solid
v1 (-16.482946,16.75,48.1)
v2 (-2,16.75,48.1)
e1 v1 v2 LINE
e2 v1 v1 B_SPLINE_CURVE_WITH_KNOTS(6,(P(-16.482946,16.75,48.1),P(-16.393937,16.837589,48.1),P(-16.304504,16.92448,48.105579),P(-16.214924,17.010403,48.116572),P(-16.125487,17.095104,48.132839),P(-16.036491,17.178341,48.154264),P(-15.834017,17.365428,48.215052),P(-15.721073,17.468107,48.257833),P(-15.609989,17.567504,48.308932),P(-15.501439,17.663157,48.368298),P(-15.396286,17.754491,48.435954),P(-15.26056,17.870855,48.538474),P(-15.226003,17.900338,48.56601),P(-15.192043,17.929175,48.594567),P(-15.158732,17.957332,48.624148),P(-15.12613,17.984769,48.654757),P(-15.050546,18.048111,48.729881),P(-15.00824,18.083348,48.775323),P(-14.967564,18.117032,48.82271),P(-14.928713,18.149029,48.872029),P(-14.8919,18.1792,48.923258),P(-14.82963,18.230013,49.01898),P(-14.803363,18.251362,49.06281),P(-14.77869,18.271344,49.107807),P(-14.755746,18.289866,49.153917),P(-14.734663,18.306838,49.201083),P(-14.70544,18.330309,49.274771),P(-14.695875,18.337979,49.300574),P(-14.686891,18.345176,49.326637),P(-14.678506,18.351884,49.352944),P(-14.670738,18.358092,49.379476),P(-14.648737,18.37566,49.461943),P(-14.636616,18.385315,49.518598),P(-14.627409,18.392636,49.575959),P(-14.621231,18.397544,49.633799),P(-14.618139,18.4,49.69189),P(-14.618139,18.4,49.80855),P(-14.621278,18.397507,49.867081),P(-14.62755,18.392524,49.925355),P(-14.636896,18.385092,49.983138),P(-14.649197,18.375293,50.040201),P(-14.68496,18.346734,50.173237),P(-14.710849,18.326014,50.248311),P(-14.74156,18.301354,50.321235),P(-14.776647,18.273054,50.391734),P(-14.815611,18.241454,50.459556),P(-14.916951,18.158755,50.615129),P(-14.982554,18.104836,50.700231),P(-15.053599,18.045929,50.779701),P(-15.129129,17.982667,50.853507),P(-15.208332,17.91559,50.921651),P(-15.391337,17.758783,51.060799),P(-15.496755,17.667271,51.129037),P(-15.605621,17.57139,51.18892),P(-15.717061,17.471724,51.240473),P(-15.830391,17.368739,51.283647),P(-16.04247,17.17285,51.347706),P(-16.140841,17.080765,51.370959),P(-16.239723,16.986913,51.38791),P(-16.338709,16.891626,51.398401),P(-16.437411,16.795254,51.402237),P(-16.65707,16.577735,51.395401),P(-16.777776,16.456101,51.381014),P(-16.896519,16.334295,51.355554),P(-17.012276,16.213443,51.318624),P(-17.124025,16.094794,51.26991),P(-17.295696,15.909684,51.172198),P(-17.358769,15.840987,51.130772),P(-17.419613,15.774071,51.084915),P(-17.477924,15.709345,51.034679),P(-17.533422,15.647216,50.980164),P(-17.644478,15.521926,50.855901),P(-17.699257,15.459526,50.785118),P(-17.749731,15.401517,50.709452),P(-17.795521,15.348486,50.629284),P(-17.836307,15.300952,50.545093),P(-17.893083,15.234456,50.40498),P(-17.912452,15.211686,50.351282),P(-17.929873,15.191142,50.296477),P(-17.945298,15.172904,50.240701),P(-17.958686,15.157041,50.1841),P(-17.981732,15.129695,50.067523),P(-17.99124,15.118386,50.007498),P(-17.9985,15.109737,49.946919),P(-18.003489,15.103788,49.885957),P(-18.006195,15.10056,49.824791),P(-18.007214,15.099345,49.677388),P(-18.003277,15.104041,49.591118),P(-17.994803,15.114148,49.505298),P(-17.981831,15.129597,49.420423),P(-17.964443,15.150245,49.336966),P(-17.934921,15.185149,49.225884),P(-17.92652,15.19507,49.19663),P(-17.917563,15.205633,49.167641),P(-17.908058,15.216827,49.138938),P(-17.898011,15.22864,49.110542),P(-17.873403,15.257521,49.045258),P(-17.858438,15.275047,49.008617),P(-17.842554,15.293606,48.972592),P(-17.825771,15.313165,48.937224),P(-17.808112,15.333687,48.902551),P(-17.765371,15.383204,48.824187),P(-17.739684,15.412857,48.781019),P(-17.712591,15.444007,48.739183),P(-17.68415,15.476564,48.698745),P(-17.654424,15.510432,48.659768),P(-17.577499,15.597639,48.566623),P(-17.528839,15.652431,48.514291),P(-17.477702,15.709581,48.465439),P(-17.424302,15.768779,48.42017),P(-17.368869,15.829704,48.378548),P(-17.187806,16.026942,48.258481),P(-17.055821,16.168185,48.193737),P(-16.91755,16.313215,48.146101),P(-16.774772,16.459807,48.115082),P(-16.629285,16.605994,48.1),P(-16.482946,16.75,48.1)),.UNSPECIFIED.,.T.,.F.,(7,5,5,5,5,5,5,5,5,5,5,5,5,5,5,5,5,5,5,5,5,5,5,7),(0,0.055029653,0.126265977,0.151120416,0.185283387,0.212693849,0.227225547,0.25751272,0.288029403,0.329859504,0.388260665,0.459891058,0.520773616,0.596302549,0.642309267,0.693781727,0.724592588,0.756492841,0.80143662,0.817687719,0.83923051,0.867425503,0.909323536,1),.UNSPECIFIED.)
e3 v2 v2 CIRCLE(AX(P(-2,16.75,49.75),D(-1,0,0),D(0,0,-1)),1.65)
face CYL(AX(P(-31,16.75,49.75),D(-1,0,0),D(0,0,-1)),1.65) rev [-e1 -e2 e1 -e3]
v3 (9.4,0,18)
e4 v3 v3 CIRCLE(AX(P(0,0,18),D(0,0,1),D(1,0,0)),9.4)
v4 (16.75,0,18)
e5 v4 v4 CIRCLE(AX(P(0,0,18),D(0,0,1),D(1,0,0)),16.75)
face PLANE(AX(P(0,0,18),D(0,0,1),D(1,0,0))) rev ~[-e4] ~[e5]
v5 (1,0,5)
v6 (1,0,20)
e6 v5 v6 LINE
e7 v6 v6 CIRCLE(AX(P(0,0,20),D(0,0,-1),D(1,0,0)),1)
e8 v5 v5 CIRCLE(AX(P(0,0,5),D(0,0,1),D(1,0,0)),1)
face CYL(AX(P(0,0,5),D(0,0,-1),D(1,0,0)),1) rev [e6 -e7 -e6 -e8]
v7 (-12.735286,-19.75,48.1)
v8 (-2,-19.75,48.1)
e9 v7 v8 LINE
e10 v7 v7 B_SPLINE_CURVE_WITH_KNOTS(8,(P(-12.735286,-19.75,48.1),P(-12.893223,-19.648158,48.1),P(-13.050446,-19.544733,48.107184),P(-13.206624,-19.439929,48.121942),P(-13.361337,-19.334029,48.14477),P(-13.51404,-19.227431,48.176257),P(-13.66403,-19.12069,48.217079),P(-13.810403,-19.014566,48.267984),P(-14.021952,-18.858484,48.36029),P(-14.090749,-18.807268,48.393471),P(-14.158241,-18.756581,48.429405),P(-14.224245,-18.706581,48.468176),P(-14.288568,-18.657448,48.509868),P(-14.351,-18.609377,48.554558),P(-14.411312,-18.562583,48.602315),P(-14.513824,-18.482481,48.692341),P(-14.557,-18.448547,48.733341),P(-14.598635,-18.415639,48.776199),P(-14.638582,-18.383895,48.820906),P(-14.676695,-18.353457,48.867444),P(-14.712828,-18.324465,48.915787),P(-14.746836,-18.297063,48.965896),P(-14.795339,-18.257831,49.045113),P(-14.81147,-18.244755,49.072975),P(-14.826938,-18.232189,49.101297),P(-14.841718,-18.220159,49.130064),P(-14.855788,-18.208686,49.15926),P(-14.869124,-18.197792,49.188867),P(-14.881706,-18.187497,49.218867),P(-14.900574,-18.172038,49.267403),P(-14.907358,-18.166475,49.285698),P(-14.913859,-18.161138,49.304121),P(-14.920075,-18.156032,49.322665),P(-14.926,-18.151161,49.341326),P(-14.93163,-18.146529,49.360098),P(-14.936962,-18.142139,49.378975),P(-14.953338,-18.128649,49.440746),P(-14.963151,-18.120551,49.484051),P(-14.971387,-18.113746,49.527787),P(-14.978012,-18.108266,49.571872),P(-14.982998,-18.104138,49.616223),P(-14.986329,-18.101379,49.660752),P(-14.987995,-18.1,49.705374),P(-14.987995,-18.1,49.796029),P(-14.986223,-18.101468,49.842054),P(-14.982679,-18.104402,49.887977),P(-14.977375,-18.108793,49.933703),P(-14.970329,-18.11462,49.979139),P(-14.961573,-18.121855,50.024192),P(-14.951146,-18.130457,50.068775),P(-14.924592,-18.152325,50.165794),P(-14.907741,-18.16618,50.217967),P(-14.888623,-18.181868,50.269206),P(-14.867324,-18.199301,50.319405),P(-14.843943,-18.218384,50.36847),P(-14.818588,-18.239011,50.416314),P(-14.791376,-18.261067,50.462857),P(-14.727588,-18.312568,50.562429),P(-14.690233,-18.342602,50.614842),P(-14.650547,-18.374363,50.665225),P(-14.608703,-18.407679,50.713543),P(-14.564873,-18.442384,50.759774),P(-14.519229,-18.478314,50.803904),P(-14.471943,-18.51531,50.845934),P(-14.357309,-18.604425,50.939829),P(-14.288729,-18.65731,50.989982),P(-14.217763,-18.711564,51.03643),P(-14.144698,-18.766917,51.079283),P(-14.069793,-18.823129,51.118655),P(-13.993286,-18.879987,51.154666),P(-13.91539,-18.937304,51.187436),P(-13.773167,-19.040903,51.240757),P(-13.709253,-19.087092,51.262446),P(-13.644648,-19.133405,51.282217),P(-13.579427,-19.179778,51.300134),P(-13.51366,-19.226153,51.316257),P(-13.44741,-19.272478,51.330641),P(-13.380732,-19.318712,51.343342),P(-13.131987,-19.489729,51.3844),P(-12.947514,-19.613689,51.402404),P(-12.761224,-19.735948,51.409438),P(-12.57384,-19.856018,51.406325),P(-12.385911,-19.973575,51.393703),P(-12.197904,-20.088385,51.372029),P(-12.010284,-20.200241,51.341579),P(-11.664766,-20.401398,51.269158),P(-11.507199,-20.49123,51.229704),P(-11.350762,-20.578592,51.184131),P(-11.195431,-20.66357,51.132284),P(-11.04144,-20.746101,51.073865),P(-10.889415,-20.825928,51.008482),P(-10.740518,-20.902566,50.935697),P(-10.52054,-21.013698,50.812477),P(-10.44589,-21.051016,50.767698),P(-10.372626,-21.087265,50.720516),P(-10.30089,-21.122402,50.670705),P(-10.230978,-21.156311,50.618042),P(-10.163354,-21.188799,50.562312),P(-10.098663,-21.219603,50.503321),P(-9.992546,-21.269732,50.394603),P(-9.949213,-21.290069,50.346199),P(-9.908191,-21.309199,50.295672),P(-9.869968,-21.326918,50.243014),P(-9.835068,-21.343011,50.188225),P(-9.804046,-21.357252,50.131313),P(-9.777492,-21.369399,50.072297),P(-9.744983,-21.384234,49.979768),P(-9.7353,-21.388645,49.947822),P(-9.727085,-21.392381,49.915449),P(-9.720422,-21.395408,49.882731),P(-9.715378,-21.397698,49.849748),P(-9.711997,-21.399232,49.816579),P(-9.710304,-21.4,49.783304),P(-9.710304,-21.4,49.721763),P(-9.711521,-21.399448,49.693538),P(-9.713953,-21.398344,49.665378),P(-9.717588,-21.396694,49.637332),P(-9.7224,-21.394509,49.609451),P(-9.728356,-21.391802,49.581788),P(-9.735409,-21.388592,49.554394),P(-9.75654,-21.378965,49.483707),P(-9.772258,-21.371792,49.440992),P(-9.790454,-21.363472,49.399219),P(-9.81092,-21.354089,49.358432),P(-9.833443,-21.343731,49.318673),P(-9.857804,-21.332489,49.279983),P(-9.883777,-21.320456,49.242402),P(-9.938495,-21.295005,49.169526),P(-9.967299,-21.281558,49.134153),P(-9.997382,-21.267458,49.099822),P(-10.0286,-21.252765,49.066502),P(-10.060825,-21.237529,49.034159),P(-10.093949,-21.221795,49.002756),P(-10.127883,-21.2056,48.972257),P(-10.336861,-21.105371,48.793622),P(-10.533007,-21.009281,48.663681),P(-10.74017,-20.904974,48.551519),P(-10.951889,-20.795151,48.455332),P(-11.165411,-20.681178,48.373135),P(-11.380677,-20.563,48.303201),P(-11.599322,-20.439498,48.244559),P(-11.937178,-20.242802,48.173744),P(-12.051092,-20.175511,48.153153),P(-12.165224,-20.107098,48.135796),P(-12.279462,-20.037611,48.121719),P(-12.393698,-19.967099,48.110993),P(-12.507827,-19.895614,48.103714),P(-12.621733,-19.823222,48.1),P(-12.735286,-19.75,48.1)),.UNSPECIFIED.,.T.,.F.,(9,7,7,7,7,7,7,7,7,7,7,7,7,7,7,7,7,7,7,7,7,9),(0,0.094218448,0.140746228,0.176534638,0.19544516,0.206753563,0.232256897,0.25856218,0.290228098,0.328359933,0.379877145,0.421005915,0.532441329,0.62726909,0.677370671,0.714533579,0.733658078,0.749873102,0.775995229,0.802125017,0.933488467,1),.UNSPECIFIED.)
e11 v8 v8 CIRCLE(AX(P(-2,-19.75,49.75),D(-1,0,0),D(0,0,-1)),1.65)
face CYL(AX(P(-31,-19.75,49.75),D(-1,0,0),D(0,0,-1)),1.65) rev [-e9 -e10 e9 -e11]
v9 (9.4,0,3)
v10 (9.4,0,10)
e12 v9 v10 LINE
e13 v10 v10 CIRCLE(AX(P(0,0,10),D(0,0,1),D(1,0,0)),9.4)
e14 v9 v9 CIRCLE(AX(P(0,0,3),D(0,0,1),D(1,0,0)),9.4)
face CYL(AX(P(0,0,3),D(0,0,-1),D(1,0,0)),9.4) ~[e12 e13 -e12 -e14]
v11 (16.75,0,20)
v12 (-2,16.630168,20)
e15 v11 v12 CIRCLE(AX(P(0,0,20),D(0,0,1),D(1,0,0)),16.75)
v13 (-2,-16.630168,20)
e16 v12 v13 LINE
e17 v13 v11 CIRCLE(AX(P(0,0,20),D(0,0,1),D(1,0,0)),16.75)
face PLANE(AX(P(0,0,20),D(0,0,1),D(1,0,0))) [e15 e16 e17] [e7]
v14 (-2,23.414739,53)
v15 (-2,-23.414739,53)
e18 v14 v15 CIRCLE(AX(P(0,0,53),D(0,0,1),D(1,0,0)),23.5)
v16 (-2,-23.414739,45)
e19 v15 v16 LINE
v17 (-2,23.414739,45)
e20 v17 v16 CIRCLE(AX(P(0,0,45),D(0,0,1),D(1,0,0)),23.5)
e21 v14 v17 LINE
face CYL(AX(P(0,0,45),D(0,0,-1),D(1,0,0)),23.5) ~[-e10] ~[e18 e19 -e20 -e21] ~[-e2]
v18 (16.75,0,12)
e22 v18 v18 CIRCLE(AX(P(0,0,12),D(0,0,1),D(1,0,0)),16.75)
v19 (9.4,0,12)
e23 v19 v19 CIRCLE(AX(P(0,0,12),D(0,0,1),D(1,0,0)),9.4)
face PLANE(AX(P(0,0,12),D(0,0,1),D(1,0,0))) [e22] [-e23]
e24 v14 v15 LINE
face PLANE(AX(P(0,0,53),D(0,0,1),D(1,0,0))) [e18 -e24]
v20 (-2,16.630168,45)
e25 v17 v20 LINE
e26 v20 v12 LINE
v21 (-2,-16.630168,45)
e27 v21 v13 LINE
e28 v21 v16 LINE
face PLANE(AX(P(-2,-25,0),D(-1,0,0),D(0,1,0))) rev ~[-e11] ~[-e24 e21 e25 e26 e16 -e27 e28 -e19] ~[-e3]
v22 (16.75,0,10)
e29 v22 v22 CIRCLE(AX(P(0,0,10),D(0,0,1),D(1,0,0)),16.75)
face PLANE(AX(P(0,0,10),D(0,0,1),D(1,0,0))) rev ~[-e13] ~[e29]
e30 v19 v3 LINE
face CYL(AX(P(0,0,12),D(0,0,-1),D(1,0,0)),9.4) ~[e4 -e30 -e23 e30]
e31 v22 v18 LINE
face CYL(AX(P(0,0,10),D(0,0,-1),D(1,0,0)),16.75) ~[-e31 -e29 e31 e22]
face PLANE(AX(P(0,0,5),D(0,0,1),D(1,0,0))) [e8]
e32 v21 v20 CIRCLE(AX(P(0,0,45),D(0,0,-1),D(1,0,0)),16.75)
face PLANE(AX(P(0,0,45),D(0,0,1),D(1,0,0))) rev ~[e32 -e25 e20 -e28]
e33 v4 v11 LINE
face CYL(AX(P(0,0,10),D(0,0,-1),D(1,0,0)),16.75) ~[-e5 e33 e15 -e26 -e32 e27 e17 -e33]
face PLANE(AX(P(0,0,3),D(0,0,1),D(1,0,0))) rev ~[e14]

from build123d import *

# Parameters (mm, degrees)
CYLINDER013_R     = 9.4
CYLINDER013_DEPTH = 6
CYLINDER014_R     = 16.75
CYLINDER014_DEPTH = 6
CYLINDER011_R     = 1
CYLINDER011_DEPTH = 100
CYLINDER006_R     = 9.4
CYLINDER006_DEPTH = 7
CYLINDER010_R     = 1.65
CYLINDER010_DEPTH = 100
CYLINDER009_R     = 1.65
CYLINDER009_DEPTH = 100
BOX003_W          = 50
BOX003_H          = 100
BOX003_DEPTH      = 100
CYLINDER012_R     = 23.5
CYLINDER012_DEPTH = 8
CYLINDER008_R     = 16.75
CYLINDER008_DEPTH = 43
CYLINDER007_R     = 16.75
CYLINDER007_DEPTH = 10


with BuildPart() as zylinder013:
    # Cylinder013 → Cylinder013 (new body)
    with BuildSketch(Plane.XY.offset(12)):
        Circle(CYLINDER013_R)
    extrude(amount=CYLINDER013_DEPTH)


with BuildPart() as cut006:
    # Cylinder014 → Cylinder014 (new body)
    with BuildSketch(Plane.XY.offset(12)):
        Circle(CYLINDER014_R)
    extrude(amount=CYLINDER014_DEPTH)

    # Cut006: cut Zylinder013
    add(zylinder013.part, mode=Mode.SUBTRACT)


with BuildPart() as zylinder011:
    # Cylinder011 → Cylinder011 (new body)
    with BuildSketch(Plane.XY.offset(5)):
        Circle(CYLINDER011_R)
    extrude(amount=CYLINDER011_DEPTH)


with BuildPart() as zylinder006:
    # Cylinder006 → Cylinder006 (new body)
    with BuildSketch(Plane.XY.offset(3)):
        Circle(CYLINDER006_R)
    extrude(amount=CYLINDER006_DEPTH)


with BuildPart() as zylinder010:
    # Cylinder010 → Cylinder010 (new body)
    with BuildSketch(Plane(origin=(-31, 16.75, 49.75), x_dir=(0, 0, -1), z_dir=(1, 0, 0))):
        Circle(CYLINDER010_R)
    extrude(amount=CYLINDER010_DEPTH)


with BuildPart() as compound003:
    # Cylinder009 → Cylinder009 (new body)
    with BuildSketch(Plane(origin=(-31, -19.75, 49.75), x_dir=(0, 0, -1), z_dir=(1, 0, 0))):
        Circle(CYLINDER009_R)
    extrude(amount=CYLINDER009_DEPTH)

    # Compound003: union Zylinder010
    add(zylinder010.part)


with BuildPart() as w_rfel003:
    # Box003 → Box003 (new body)
    with BuildSketch(Plane(origin=(-2, -25, 0), x_dir=(1, 0, 0), z_dir=(0, 0, 1))):
        with Locations((25, 50)):
            Rectangle(BOX003_W, BOX003_H)
    extrude(amount=BOX003_DEPTH)


with BuildPart() as zylinder012:
    # Cylinder012 → Cylinder012 (new body)
    with BuildSketch(Plane.XY.offset(45)):
        Circle(CYLINDER012_R)
    extrude(amount=CYLINDER012_DEPTH)


with BuildPart() as cut004:
    # Cylinder008 → Cylinder008 (new body)
    with BuildSketch(Plane.XY.offset(10)):
        Circle(CYLINDER008_R)
    extrude(amount=CYLINDER008_DEPTH)

    # Fusion: union Zylinder012
    add(zylinder012.part)

    # Cut003: cut Würfel003
    add(w_rfel003.part, mode=Mode.SUBTRACT)

    # Cut004: cut Compound003
    add(compound003.part, mode=Mode.SUBTRACT)


with BuildPart() as cut007:
    # Cylinder007 → Cylinder007 (new body)
    with BuildSketch(Plane.XY.offset(10)):
        Circle(CYLINDER007_R)
    extrude(amount=CYLINDER007_DEPTH)

    # Fusion001: union Zylinder006, Cut004
    add(zylinder006.part)
    add(cut004.part)

    # Cut005: cut Zylinder011
    add(zylinder011.part, mode=Mode.SUBTRACT)

    # Cut007: cut Cut006
    add(cut006.part, mode=Mode.SUBTRACT)


solid = cut007.part
